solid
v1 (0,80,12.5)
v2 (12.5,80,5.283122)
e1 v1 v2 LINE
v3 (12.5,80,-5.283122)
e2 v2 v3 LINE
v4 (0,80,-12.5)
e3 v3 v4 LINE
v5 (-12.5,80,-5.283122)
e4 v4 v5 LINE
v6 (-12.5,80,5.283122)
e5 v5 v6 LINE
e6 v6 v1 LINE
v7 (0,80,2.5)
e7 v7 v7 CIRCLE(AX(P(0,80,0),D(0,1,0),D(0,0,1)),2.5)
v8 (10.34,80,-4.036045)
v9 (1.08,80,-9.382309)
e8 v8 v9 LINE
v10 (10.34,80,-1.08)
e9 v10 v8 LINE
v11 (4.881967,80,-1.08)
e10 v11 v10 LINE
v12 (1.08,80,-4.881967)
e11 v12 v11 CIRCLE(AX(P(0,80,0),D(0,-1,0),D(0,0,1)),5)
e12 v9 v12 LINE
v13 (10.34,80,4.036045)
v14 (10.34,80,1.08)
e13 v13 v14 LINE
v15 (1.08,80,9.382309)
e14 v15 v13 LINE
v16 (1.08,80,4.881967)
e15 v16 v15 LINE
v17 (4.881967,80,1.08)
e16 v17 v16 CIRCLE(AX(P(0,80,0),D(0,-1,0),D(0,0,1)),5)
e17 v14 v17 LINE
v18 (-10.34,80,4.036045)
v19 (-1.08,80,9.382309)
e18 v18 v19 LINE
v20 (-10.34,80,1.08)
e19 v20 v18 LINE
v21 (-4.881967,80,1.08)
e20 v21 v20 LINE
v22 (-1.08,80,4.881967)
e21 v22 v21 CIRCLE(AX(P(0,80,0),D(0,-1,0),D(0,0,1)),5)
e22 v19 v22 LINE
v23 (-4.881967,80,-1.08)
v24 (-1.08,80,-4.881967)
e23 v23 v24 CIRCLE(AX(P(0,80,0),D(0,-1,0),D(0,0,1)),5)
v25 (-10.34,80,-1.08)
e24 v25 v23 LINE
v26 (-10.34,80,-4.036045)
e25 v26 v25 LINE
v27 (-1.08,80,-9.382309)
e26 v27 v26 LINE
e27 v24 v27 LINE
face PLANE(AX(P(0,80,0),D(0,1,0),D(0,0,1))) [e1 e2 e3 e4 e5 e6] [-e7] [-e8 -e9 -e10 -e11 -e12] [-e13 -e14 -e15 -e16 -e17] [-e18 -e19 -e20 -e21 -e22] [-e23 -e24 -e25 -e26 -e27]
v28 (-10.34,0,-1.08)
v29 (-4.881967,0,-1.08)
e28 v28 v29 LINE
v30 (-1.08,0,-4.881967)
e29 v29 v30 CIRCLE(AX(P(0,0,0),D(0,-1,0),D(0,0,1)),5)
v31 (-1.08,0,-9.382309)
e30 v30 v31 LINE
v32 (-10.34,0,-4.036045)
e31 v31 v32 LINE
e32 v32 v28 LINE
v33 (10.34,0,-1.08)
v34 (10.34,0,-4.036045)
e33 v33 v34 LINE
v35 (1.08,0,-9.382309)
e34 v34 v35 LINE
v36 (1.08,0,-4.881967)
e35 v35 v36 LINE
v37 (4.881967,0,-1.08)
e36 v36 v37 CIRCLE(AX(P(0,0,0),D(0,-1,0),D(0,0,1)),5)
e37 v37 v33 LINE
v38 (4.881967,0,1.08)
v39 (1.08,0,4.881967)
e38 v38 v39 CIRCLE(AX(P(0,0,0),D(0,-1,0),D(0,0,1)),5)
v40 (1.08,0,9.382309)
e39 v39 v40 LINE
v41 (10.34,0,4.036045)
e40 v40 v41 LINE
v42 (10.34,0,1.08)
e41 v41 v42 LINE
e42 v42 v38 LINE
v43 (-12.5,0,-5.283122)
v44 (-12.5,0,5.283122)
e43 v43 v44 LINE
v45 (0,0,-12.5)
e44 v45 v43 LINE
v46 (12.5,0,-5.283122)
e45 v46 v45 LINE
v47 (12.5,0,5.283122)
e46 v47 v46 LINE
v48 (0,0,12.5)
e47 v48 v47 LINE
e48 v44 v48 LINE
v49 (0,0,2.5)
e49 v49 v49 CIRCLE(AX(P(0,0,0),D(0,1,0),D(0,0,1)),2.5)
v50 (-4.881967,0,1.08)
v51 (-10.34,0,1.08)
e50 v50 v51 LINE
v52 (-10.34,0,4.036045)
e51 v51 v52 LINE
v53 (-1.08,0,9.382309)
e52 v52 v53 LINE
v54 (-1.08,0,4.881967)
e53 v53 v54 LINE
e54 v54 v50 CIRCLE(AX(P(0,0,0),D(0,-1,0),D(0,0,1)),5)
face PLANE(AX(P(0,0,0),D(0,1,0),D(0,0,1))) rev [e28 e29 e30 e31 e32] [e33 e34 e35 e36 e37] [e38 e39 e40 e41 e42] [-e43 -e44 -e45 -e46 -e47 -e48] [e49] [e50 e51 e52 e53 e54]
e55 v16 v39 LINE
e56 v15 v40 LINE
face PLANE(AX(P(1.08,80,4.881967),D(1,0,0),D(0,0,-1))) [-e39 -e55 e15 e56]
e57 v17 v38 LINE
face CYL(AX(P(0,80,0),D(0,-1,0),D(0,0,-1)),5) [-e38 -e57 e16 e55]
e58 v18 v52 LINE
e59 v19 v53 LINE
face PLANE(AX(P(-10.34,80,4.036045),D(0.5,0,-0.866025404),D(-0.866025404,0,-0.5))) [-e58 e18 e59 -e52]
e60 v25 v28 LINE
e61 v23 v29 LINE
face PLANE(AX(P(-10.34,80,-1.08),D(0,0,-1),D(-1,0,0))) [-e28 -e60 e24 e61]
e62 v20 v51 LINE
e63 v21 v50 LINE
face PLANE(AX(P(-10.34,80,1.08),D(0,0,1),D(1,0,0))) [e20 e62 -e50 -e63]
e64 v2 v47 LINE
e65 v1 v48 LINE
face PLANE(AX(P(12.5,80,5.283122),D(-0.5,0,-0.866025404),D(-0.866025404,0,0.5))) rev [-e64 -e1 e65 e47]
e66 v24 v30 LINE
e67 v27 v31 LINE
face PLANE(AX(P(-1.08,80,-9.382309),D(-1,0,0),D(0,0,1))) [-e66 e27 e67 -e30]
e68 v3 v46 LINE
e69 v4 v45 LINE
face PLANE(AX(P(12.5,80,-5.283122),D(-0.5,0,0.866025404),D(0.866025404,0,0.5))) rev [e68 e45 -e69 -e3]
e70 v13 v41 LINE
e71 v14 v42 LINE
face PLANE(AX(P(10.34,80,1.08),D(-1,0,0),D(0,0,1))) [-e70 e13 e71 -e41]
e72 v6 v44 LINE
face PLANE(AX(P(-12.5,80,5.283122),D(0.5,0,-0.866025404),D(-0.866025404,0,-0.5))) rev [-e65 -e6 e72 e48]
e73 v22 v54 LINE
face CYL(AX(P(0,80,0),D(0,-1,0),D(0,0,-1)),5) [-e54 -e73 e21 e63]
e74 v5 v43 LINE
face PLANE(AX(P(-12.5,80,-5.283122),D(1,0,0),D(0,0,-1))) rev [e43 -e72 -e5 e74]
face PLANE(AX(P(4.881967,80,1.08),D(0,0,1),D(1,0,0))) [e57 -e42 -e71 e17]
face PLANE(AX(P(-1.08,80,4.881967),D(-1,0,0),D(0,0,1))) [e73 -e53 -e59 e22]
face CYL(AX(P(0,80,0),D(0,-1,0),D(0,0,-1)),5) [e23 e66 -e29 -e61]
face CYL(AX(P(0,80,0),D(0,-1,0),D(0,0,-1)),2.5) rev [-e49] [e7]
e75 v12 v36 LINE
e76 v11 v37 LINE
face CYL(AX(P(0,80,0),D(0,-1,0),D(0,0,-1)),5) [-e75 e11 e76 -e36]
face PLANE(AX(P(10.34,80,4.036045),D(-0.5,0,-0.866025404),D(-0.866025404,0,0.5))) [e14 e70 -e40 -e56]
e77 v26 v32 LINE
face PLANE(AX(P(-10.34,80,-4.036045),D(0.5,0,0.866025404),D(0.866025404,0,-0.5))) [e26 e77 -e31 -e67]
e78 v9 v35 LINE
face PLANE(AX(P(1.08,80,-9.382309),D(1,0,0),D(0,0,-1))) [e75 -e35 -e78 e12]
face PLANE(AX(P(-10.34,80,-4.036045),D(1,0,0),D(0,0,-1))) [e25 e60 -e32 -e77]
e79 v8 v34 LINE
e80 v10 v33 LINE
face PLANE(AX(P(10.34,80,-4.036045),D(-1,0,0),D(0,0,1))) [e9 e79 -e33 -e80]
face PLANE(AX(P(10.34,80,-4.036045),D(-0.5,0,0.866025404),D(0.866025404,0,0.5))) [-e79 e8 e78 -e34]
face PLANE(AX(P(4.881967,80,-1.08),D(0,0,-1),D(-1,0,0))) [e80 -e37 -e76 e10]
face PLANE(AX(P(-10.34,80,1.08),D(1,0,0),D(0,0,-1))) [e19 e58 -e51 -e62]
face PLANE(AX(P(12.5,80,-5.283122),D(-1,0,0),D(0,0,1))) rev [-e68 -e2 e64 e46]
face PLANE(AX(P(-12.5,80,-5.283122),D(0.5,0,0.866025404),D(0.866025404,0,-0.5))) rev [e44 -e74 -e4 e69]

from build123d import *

# Parameters (mm, degrees)
SKETCH1_R           = 2.5
BOSS_EXTRUDE2_DEPTH = 80


with BuildPart() as part:
    # Sketch1 → Boss-Extrude2 (new body)
    with BuildSketch(Plane(origin=(0, 0, 0), x_dir=(1, 0, 0), z_dir=(0, 1, 0))):
        Polygon((-12.5, 5.283121635), (-12.5, -5.283121635), (0, -12.5), (12.5, -5.283121635), (12.5, 5.283121635), (0, 12.5), align=None)
        Circle(SKETCH1_R, mode=Mode.SUBTRACT)
        with BuildLine():
            Line((-1.08, 9.382308546), (-1.08, 4.881966817))
            ThreePointArc((-1.08, 4.881966817), (-3.535533906, 3.535533906), (-4.881966817, 1.08))
            Line((-4.881966817, 1.08), (-10.34, 1.08))
            Line((-10.34, 1.08), (-10.34, 4.036045054))
            Line((-10.34, 4.036045054), (-1.08, 9.382308546))
        make_face(mode=Mode.SUBTRACT)
        with BuildLine():
            Line((1.08, 9.382308546), (1.08, 4.881966817))
            ThreePointArc((1.08, 4.881966817), (3.535533906, 3.535533906), (4.881966817, 1.08))
            Line((4.881966817, 1.08), (10.34, 1.08))
            Line((10.34, 1.08), (10.34, 4.036045054))
            Line((10.34, 4.036045054), (1.08, 9.382308546))
        make_face(mode=Mode.SUBTRACT)
        with BuildLine():
            Line((-10.34, -1.08), (-4.881966817, -1.08))
            ThreePointArc((-4.881966817, -1.08), (-3.535533906, -3.535533906), (-1.08, -4.881966817))
            Line((-1.08, -4.881966817), (-1.08, -9.382308546))
            Line((-1.08, -9.382308546), (-10.34, -4.036045054))
            Line((-10.34, -4.036045054), (-10.34, -1.08))
        make_face(mode=Mode.SUBTRACT)
        with BuildLine():
            Line((1.08, -4.881966817), (1.08, -9.382308546))
            Line((1.08, -9.382308546), (10.34, -4.036045054))
            Line((10.34, -4.036045054), (10.34, -1.08))
            Line((10.34, -1.08), (4.881966817, -1.08))
            ThreePointArc((4.881966817, -1.08), (3.535533906, -3.535533906), (1.08, -4.881966817))
        make_face(mode=Mode.SUBTRACT)
    extrude(amount=BOSS_EXTRUDE2_DEPTH)


solid = part.part
